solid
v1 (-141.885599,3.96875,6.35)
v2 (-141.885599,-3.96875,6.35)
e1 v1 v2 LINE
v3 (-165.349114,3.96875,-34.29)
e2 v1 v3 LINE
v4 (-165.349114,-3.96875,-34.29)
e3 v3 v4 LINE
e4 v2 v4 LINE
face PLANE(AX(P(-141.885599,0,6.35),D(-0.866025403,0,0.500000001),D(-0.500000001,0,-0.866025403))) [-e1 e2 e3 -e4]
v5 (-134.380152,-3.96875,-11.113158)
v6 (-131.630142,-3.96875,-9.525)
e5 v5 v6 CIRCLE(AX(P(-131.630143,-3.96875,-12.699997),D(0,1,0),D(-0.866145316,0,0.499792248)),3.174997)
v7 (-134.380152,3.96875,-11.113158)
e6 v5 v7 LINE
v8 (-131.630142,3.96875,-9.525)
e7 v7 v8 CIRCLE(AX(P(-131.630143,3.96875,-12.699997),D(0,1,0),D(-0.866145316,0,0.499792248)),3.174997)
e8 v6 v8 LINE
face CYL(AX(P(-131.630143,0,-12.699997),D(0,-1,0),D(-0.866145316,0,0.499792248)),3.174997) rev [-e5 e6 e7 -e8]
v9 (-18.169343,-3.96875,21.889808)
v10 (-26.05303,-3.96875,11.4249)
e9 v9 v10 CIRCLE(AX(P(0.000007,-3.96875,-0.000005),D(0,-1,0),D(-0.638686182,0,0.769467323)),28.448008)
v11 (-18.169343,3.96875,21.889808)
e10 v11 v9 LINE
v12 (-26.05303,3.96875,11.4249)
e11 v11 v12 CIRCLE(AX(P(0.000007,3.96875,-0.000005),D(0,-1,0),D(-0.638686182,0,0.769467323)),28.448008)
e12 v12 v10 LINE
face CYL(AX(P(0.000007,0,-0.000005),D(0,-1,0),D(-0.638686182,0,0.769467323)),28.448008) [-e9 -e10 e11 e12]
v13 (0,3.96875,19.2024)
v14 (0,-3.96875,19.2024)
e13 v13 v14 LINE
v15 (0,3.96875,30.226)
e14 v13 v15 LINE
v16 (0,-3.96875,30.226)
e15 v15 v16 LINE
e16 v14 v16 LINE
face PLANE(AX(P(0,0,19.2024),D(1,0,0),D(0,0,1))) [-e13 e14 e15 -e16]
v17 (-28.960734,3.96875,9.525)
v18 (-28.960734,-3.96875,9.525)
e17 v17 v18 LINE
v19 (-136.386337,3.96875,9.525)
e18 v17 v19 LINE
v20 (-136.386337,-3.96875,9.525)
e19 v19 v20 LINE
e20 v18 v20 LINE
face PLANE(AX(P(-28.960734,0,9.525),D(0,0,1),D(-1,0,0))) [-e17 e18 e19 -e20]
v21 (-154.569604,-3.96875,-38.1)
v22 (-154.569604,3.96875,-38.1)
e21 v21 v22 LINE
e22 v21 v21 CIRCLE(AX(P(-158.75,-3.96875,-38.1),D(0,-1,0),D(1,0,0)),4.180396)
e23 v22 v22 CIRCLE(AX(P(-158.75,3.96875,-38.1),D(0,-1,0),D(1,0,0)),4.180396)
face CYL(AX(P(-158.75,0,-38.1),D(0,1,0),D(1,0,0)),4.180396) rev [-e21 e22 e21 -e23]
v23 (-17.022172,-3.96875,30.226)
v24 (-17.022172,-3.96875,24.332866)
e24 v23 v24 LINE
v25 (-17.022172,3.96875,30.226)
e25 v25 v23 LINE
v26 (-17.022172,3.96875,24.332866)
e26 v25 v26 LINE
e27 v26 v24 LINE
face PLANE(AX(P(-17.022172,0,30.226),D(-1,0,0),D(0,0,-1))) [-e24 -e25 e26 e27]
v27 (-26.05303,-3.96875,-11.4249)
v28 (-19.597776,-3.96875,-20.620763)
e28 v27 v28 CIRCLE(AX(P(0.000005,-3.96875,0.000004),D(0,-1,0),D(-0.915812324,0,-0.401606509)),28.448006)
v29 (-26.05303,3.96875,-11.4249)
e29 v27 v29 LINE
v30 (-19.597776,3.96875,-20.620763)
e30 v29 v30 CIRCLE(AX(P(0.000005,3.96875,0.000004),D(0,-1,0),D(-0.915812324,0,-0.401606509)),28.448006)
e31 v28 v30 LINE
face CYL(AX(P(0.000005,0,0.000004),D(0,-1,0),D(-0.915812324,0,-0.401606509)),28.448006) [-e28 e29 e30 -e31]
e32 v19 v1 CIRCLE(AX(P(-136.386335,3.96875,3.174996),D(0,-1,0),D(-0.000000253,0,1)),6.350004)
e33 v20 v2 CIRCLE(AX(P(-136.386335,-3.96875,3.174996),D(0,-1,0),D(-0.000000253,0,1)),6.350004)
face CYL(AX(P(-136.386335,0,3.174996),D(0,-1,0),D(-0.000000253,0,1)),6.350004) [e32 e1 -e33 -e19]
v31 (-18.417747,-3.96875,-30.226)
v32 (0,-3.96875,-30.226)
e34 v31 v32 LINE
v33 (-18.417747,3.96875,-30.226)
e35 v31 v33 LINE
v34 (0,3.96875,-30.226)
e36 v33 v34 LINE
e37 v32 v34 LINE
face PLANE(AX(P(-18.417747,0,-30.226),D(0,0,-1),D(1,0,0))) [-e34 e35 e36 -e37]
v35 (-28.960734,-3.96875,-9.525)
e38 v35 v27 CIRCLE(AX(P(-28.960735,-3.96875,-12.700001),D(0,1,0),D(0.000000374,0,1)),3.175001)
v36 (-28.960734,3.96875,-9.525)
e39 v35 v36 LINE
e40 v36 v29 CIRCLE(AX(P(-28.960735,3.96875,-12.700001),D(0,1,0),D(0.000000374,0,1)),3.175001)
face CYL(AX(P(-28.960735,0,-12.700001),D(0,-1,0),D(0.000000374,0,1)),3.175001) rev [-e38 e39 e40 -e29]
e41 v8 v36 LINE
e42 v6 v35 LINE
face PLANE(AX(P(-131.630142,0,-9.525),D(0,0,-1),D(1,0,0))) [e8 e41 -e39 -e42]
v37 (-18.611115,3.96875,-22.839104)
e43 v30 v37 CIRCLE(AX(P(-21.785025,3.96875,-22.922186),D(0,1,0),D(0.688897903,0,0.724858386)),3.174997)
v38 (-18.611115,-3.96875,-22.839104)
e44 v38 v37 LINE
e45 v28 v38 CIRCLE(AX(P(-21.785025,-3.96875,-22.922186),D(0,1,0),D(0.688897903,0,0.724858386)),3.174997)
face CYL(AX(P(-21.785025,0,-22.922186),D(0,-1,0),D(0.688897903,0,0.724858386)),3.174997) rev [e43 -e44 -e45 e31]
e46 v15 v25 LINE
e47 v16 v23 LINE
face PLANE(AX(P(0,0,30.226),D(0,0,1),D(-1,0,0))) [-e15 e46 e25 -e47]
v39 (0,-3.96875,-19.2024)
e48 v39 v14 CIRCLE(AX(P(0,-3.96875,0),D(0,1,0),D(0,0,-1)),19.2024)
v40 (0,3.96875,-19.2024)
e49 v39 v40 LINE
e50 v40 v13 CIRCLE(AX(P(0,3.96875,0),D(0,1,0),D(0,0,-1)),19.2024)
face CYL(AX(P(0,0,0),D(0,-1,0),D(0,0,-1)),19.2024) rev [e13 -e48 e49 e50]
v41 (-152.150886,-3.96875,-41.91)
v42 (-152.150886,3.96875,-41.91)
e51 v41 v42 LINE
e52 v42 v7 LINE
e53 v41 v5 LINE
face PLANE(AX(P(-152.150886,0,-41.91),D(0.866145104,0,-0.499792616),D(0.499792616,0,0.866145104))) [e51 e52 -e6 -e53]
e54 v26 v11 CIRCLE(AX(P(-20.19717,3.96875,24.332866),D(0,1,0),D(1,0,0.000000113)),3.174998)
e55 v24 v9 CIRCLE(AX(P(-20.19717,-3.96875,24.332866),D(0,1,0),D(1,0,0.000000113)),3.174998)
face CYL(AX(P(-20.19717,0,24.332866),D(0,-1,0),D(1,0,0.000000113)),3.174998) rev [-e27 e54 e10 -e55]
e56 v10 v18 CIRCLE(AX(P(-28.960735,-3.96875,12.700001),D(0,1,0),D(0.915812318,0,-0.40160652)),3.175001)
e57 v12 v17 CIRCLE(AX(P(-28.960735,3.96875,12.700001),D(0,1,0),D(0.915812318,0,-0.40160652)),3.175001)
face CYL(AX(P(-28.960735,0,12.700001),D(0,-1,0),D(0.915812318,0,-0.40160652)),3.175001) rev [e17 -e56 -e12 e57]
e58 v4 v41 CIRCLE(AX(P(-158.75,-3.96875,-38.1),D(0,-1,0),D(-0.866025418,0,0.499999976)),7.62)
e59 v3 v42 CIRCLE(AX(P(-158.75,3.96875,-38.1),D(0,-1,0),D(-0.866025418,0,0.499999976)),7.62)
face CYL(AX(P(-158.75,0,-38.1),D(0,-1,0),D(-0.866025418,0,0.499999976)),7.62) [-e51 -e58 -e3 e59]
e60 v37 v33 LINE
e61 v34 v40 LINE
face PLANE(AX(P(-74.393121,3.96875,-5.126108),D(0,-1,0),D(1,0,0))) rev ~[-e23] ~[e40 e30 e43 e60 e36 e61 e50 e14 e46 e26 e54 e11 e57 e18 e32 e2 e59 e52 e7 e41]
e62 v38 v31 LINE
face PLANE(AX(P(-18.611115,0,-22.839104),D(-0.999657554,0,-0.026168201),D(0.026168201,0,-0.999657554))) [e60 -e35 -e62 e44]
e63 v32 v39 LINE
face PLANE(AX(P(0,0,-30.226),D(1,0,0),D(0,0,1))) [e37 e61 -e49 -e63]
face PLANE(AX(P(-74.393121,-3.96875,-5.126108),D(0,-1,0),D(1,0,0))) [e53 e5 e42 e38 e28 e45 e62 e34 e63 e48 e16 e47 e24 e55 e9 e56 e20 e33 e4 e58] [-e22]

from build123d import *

# Parameters (mm, degrees)
F0_R     = 4.180396
F1_DEPTH = 3.96875


with BuildPart() as f1:
    # F0 (on Front) → F1 (new body, symmetric)
    with BuildSketch(Plane.XZ):
        with BuildLine():
            ThreePointArc((0, -19.2024), (-19.2024, 0), (0, 19.2024))
            Line((0, 19.2024), (0, 30.226))
            Line((0, 30.226), (-17.022172, 30.226))
            Line((-17.022172, 30.226), (-17.022172, 24.332866))
            ThreePointArc((-17.022172, 24.332866), (-17.323239, 22.983372), (-18.169343, 21.889808))
            ThreePointArc((-18.169343, 21.889808), (-22.721865, 17.117405), (-26.05303, 11.4249))
            ThreePointArc((-26.05303, 11.4249), (-27.224045, 10.042081), (-28.960734, 9.525))
            Line((-28.960734, 9.525), (-136.386337, 9.525))
            ThreePointArc((-136.386337, 9.525), (-139.561337, 8.674261), (-141.885599, 6.35))
            Line((-141.885599, 6.35), (-165.349114, -34.29))
            ThreePointArc((-165.349114, -34.29), (-162.56, -44.699114), (-152.150886, -41.91))
            Line((-152.150886, -41.91), (-134.380152, -11.113158))
            ThreePointArc((-134.380152, -11.113158), (-133.217971, -9.950559), (-131.630142, -9.525))
            Line((-131.630142, -9.525), (-28.960734, -9.525))
            ThreePointArc((-28.960734, -9.525), (-27.224045, -10.042081), (-26.05303, -11.4249))
            ThreePointArc((-26.05303, -11.4249), (-23.2839, -16.344684), (-19.597776, -20.620763))
            ThreePointArc((-19.597776, -20.620763), (-18.884031, -21.631899), (-18.611115, -22.839104))
            Line((-18.611115, -22.839104), (-18.417747, -30.226))
            Line((-18.417747, -30.226), (0, -30.226))
            Line((0, -30.226), (0, -19.2024))
        make_face()
        with Locations((-158.75, -38.1)):
            Circle(F0_R, mode=Mode.SUBTRACT)
    extrude(amount=F1_DEPTH, both=True)


solid = f1.part
